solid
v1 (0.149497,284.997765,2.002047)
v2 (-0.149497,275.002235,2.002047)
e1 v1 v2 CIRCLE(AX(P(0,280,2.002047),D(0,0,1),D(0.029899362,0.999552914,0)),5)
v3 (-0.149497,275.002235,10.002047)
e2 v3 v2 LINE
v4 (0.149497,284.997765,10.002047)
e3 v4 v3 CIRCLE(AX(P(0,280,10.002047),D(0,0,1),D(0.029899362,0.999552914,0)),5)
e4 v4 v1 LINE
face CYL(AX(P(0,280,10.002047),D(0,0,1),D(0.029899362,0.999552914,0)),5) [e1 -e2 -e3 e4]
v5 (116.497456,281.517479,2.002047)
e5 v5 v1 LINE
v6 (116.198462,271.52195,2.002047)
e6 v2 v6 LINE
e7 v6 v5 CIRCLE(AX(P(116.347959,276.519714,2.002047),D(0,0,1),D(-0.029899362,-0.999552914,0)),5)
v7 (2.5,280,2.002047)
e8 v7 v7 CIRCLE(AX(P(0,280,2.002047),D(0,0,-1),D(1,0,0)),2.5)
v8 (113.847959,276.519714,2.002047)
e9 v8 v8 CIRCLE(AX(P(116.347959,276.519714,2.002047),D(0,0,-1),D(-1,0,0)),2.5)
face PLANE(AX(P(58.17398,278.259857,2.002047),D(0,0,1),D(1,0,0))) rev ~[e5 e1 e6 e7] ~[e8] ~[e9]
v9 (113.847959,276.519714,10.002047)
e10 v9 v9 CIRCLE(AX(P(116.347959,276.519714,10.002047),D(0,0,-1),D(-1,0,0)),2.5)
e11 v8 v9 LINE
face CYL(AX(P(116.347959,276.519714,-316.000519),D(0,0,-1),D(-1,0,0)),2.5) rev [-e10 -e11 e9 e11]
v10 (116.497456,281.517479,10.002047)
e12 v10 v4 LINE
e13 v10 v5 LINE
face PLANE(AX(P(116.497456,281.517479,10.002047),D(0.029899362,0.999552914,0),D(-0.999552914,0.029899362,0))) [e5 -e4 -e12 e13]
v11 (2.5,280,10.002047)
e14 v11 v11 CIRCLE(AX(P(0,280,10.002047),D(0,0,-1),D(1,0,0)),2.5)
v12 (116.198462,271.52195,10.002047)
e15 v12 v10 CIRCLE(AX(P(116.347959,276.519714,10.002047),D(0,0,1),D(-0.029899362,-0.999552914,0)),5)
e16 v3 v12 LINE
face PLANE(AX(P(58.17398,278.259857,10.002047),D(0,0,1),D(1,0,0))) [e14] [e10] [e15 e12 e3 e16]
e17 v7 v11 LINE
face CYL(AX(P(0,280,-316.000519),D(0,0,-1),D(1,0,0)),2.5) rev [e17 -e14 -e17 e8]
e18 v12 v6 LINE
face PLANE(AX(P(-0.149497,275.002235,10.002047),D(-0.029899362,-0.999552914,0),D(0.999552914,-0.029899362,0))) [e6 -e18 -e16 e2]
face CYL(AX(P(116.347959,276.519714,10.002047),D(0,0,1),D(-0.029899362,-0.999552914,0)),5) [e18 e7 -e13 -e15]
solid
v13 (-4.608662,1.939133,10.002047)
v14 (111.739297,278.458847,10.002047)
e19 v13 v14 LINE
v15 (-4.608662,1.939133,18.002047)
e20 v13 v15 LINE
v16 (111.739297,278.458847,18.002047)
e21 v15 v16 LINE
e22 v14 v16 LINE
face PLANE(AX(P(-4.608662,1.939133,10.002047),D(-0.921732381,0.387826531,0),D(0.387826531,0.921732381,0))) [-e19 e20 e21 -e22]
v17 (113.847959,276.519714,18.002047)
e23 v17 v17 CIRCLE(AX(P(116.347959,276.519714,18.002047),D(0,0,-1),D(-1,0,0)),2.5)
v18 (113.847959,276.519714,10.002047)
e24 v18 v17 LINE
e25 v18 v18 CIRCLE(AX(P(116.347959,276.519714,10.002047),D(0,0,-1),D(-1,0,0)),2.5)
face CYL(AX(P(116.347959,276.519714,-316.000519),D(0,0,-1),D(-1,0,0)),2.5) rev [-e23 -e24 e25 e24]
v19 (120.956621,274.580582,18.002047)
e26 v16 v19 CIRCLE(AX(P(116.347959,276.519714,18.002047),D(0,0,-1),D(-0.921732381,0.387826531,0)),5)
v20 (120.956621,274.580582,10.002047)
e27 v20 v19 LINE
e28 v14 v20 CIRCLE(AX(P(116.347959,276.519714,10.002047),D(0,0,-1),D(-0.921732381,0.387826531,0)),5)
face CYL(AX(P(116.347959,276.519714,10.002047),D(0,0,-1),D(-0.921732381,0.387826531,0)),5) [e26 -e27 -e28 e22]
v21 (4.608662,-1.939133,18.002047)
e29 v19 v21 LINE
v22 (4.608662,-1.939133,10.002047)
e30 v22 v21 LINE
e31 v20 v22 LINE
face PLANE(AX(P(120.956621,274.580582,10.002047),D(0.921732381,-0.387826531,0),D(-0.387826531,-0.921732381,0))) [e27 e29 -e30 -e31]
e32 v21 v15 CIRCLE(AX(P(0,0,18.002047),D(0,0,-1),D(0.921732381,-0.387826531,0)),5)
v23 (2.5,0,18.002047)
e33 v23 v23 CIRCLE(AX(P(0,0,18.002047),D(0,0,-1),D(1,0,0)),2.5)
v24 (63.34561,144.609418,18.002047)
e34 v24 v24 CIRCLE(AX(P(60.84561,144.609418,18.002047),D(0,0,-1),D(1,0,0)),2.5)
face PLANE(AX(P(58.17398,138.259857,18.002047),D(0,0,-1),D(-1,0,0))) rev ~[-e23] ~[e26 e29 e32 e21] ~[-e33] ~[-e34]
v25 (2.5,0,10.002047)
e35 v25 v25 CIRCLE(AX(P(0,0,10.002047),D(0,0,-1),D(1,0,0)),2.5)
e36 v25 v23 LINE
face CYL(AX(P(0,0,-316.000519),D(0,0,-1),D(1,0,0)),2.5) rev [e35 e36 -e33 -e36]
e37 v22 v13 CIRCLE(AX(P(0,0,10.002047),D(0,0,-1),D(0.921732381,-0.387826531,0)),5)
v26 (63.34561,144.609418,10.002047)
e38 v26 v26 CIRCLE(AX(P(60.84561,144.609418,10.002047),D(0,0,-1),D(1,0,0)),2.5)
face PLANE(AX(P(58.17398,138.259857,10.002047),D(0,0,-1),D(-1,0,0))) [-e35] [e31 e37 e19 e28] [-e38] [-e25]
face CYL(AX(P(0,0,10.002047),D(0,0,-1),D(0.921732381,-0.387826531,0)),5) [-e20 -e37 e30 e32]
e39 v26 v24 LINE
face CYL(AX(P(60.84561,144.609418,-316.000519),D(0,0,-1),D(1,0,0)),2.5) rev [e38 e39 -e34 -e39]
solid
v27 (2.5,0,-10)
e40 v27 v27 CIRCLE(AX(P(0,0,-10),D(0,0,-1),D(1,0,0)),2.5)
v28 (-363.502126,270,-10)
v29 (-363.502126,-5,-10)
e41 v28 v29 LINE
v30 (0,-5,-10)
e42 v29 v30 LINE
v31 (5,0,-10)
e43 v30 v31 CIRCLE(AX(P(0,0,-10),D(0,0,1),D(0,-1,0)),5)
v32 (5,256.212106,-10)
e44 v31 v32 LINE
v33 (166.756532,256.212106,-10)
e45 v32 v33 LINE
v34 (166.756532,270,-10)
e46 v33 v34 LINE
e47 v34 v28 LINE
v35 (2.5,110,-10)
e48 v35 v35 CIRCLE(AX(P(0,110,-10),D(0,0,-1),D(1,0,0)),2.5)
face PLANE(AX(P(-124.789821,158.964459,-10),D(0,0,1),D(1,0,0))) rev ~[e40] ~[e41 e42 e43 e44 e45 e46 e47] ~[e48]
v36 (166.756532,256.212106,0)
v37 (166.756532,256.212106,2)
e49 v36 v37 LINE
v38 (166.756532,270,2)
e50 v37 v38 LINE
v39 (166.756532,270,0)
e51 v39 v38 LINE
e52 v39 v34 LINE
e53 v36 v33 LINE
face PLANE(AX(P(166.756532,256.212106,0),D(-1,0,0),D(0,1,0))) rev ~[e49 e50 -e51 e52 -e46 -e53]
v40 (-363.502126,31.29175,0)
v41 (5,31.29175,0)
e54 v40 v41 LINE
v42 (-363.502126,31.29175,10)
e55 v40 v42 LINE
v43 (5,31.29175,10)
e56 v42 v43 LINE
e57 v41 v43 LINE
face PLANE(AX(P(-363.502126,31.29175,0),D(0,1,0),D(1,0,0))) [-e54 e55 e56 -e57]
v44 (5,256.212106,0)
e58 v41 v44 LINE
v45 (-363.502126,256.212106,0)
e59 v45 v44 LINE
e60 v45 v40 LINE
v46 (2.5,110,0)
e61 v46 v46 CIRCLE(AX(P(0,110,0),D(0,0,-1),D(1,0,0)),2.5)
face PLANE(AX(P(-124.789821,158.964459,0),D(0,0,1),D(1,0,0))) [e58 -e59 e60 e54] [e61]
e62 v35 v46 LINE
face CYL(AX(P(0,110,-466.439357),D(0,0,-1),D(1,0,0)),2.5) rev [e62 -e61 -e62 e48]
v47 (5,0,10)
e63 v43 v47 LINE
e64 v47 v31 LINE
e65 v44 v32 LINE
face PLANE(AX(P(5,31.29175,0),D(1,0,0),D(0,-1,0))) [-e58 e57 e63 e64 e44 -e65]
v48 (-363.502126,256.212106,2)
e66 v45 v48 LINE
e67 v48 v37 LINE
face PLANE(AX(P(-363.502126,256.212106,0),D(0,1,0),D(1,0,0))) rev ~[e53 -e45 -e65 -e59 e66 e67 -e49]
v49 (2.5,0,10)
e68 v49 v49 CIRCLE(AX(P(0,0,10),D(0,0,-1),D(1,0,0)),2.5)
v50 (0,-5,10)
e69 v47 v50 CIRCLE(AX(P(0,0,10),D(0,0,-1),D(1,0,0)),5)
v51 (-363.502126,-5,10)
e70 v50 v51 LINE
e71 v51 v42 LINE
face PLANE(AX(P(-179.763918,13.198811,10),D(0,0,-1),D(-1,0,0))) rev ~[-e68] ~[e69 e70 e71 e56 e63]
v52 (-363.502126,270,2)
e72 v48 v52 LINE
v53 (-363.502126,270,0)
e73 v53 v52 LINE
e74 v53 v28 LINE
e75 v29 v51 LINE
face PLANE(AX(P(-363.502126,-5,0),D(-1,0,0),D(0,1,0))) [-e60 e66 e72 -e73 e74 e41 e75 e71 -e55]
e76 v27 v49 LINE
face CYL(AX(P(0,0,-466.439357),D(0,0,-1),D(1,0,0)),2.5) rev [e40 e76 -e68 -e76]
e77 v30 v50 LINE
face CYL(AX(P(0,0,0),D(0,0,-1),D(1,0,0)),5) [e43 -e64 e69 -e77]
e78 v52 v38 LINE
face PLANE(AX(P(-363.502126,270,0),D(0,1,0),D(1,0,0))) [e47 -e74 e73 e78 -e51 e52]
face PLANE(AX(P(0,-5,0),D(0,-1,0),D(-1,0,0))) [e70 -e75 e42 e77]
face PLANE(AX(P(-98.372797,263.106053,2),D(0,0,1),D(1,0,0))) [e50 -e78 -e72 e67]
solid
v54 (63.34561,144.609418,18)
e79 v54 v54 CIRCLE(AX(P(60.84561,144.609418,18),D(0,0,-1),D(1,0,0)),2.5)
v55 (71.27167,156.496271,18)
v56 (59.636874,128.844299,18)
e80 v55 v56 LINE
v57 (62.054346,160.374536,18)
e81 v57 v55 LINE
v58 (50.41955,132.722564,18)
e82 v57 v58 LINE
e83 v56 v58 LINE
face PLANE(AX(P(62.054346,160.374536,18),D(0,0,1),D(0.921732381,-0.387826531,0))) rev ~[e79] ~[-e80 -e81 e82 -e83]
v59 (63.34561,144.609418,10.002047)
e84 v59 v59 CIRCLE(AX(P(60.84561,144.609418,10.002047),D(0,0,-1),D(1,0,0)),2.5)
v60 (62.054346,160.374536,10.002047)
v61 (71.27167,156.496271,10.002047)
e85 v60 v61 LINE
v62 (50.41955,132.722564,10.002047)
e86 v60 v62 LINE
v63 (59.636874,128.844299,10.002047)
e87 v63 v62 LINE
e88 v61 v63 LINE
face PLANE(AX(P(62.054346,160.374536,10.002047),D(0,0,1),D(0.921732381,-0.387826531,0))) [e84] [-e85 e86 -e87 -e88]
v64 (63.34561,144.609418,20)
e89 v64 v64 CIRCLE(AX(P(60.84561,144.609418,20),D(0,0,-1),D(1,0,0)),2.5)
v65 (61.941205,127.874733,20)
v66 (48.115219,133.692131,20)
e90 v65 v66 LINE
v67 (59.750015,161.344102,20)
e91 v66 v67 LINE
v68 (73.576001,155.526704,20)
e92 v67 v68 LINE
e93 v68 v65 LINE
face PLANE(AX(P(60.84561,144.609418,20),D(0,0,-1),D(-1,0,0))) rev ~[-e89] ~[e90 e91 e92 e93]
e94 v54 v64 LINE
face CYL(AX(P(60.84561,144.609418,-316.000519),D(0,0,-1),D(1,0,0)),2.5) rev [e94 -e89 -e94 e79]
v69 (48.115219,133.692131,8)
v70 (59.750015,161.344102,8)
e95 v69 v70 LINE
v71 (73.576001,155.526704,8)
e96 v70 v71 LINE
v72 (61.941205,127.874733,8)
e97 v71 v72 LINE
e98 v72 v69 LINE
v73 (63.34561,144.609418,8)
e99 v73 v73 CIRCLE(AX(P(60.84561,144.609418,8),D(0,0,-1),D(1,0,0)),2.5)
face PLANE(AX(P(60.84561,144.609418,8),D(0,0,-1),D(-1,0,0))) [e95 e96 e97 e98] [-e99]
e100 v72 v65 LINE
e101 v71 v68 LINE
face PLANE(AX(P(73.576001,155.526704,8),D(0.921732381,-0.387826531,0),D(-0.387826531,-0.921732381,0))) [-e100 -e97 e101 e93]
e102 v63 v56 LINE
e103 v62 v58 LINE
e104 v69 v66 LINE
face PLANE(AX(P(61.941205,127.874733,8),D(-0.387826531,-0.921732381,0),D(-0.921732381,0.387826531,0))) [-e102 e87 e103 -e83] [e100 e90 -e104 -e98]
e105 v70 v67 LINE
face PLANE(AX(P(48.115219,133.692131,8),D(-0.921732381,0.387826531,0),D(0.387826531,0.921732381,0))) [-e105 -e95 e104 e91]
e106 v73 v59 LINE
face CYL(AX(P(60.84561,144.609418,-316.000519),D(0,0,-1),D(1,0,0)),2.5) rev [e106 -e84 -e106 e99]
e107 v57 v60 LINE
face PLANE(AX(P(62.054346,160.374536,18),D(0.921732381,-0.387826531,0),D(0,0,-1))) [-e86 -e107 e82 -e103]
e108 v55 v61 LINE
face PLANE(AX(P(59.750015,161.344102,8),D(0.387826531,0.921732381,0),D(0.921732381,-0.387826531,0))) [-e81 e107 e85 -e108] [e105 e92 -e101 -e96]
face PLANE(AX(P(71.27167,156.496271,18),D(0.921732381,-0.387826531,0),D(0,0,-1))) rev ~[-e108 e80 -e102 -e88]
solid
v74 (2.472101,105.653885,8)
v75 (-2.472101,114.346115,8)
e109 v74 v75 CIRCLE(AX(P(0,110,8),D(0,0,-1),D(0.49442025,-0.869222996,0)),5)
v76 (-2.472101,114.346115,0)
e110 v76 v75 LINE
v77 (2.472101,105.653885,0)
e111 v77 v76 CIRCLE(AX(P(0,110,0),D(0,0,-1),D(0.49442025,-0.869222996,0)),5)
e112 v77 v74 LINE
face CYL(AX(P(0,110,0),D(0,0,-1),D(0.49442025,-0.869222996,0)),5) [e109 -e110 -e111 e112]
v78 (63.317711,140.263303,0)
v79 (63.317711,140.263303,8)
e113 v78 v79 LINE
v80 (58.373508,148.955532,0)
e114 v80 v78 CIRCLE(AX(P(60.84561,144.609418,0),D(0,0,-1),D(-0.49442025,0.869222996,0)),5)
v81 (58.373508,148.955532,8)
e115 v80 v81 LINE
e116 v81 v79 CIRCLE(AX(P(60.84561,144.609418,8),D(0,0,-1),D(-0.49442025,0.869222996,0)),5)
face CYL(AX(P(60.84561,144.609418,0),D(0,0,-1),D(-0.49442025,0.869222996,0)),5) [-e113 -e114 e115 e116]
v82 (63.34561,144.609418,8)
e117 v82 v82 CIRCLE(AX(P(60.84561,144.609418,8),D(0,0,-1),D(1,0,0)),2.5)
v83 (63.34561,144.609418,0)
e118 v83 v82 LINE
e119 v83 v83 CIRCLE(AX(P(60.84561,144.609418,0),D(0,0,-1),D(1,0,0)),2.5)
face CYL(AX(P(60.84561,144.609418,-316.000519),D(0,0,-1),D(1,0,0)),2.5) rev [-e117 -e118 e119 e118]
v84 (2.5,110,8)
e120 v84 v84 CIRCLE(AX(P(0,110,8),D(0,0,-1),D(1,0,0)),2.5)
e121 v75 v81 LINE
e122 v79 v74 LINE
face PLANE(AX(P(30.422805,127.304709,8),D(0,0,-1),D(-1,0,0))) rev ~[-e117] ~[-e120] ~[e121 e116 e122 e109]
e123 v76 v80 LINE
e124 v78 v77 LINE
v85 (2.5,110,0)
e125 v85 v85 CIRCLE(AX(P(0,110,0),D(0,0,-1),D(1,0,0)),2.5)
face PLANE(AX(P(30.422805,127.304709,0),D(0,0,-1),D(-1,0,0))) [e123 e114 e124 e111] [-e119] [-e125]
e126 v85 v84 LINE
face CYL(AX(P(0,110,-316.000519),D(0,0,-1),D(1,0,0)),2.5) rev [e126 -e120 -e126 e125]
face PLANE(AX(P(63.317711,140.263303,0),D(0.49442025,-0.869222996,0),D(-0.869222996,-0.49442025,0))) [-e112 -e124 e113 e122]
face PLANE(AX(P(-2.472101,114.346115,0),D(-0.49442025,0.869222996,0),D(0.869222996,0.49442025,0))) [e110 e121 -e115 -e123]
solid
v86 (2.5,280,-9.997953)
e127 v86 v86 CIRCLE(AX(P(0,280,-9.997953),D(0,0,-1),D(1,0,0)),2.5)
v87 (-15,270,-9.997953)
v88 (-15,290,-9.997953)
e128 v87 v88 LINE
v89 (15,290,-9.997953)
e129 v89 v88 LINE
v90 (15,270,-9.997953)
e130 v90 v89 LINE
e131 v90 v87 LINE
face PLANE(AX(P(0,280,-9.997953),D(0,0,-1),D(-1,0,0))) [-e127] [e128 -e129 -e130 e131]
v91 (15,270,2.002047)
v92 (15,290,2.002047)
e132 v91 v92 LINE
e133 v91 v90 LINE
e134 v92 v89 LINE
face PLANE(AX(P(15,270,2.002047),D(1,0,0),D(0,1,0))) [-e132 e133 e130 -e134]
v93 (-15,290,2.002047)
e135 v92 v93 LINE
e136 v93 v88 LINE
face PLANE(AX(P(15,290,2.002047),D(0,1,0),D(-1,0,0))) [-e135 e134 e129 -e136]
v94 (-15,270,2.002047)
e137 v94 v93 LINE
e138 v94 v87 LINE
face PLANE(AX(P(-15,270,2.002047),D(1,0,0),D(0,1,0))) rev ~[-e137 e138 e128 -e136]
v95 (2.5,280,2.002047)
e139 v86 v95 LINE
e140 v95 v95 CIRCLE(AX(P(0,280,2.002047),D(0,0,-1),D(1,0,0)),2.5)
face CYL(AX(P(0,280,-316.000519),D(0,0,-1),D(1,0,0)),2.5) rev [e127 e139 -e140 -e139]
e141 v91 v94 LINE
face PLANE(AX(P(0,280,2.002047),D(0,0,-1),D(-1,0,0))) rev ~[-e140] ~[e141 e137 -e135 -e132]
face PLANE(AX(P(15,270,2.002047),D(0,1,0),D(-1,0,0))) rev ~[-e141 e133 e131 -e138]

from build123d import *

# Parameters (mm, degrees)
BOSS_EXTRUDE2_DEPTH     = 8
BOSS_EXTRUDE5_DEPTH     = 12
SKETCH6_W               = 10
SKETCH6_H               = 7.997952507
CUT_EXTRUDE1_DEPTH      = 35
BOSS_EXTRUDE6_DEPTH     = 8
BOSS_EXTRUDE7_DEPTH     = 8
SKETCH10_W              = 30
SKETCH10_H              = 20
BOSS_EXTRUDE9_DEPTH     = 12
CUT_EXTRUDE5_DEPTH      = 316.00051937
CUT_EXTRUDE5_DEPTH_BACK = 316.00051937
SKETCH16_R              = 2.5
BOSS_EXTRUDE10_DEPTH    = 10
SKETCH14_W              = 530.258658084
SKETCH14_H              = 13.787893997
BOSS_EXTRUDE11_DEPTH    = 2
BOSS_EXTRUDE12_DEPTH    = 10
CUT_EXTRUDE2_DEPTH      = 466.439357436
CUT_EXTRUDE2_DEPTH_BACK = 466.439357436
SKETCH11_R              = 2.5


with BuildPart() as part:
    # Sketch3 → Boss-Extrude2 (new body)
    with BuildSketch(Plane.XY):
        with BuildLine():
            Line((-2.472101251, 114.346114978), (58.373508448, 148.955532489))
            ThreePointArc((58.373508448, 148.955532489), (65.191724677, 147.081518762), (63.317710949, 140.263302532))
            Line((63.317710949, 140.263302532), (2.472101251, 105.653885022))
            ThreePointArc((2.472101251, 105.653885022), (-4.346114978, 107.527898749), (-2.472101251, 114.346114978))
        make_face()
    extrude(amount=BOSS_EXTRUDE2_DEPTH)


with BuildPart() as body_2:
    # Sketch5 → Boss-Extrude5 (new body)
    with BuildSketch(Plane.XY.offset(8)):
        Polygon((59.750014801, 161.344102205), (73.576000516, 155.526704245), (61.941204595, 127.874732816), (48.115218881, 133.692130777), align=None)
    extrude(amount=BOSS_EXTRUDE5_DEPTH)

    # Sketch6 → Cut-Extrude1 (cut)
    with BuildSketch(Plane(origin=(66.663007659, 158.435403225, 0), x_dir=(0.921732380952381, -0.387826530685892, 0), z_dir=(0.387826530685892, 0.921732380952381, 0))):
        with Locations((0, -14.001023746)):
            Rectangle(SKETCH6_W, SKETCH6_H)
    extrude(amount=-CUT_EXTRUDE1_DEPTH, mode=Mode.SUBTRACT)


with BuildPart() as body_3:
    # Sketch8 → Boss-Extrude6 (new body)
    with BuildSketch(Plane.XY.offset(10.002047493)):
        with BuildLine():
            Line((-4.608661905, 1.939132653), (111.739297301, 278.458846939))
            ThreePointArc((111.739297301, 278.458846939), (118.287091859, 281.12837619), (120.956621111, 274.580581632))
            Line((120.956621111, 274.580581632), (4.608661905, -1.939132653))
            ThreePointArc((4.608661905, -1.939132653), (-1.939132653, -4.608661905), (-4.608661905, 1.939132653))
        make_face()
    extrude(amount=BOSS_EXTRUDE6_DEPTH)


with BuildPart() as body_4:
    # Sketch9 → Boss-Extrude7 (new body)
    with BuildSketch(Plane(origin=(0, 0, 10.002047493), x_dir=(-1, 0, 0), z_dir=(0, 0, -1))):
        with BuildLine():
            Line((-116.497456015, 281.517478856), (-0.149496809, 284.997764571))
            ThreePointArc((-0.149496809, 284.997764571), (4.997764571, 280.149496809), (0.149496809, 275.002235429))
            Line((0.149496809, 275.002235429), (-116.198462397, 271.521949715))
            ThreePointArc((-116.198462397, 271.521949715), (-121.345723776, 276.370217477), (-116.497456015, 281.517478856))
        make_face()
    extrude(amount=BOSS_EXTRUDE7_DEPTH)


with BuildPart() as body_5:
    # Sketch10 → Boss-Extrude9 (new body)
    with BuildSketch(Plane(origin=(0, 0, 2.002047493), x_dir=(-1, 0, 0), z_dir=(0, 0, -1))):
        with Locations((0, 280)):
            Rectangle(SKETCH10_W, SKETCH10_H)
    extrude(amount=BOSS_EXTRUDE9_DEPTH)


with BuildPart() as cut_extrude5_tool:
    # Sketch16 → Cut-Extrude5 (new, two sides: drawn at the far end of the back side and taken through both)
    with BuildSketch(Plane.XY.offset(-CUT_EXTRUDE5_DEPTH_BACK)):
        with Locations((0, 280)):
            Circle(SKETCH16_R)
        with Locations(Location((116.347959206, 276.519714286, 0), (0, 0, 180))):
            Circle(SKETCH16_R)
        with Locations((0, 110)):
            Circle(SKETCH16_R)
        Circle(SKETCH16_R)
        with Locations((60.845609698, 144.609417511)):
            Circle(SKETCH16_R)
    extrude(amount=CUT_EXTRUDE5_DEPTH + CUT_EXTRUDE5_DEPTH_BACK)


with BuildPart() as part_1:
    add(part.part)

    # Cut-Extrude5: cut by cut_extrude5_tool
    add(cut_extrude5_tool.part, mode=Mode.SUBTRACT)


with BuildPart() as body_2_1:
    add(body_2.part)

    # Cut-Extrude5: cut by cut_extrude5_tool
    add(cut_extrude5_tool.part, mode=Mode.SUBTRACT)


with BuildPart() as body_3_1:
    add(body_3.part)

    # Cut-Extrude5: cut by cut_extrude5_tool
    add(cut_extrude5_tool.part, mode=Mode.SUBTRACT)


with BuildPart() as body_4_1:
    add(body_4.part)

    # Cut-Extrude5: cut by cut_extrude5_tool
    add(cut_extrude5_tool.part, mode=Mode.SUBTRACT)


with BuildPart() as body_5_1:
    add(body_5.part)

    # Cut-Extrude5: cut by cut_extrude5_tool
    add(cut_extrude5_tool.part, mode=Mode.SUBTRACT)


with BuildPart() as body_6:
    # Sketch12 → Boss-Extrude10 (new body)
    with BuildSketch(Plane.XY):
        with BuildLine():
            Line((166.756532299, 270), (-363.502125785, 270))
            Line((-363.502125785, 270), (-363.502125785, -5))
            Line((-363.502125785, -5), (0, -5))
            ThreePointArc((0, -5), (3.535533906, -3.535533906), (5, 0))
            Line((5, 0), (5, 256.212106003))
            Line((5, 256.212106003), (166.756532299, 256.212106003))
            Line((166.756532299, 256.212106003), (166.756532299, 270))
        make_face()
    extrude(amount=-BOSS_EXTRUDE10_DEPTH)

    # Sketch14 → Boss-Extrude11 (add)
    with BuildSketch(Plane.XY):
        with Locations((-98.372796743, 263.106053002)):
            Rectangle(SKETCH14_W, SKETCH14_H)
    extrude(amount=BOSS_EXTRUDE11_DEPTH)

    # Sketch15 → Boss-Extrude12 (add)
    with BuildSketch(Plane.XY):
        with BuildLine():
            Line((-363.502125785, 31.29174962), (5, 31.29174962))
            Line((5, 31.29174962), (5, 0))
            ThreePointArc((5, 0), (3.535533906, -3.535533906), (0, -5))
            Line((0, -5), (-363.502125785, -5))
            Line((-363.502125785, -5), (-363.502125785, 31.29174962))
        make_face()
    extrude(amount=BOSS_EXTRUDE12_DEPTH)

    # Sketch11 → Cut-Extrude2 (cut, two sides: drawn at the far end of the back side and taken through both)
    with BuildSketch(Plane.XY.offset(-CUT_EXTRUDE2_DEPTH_BACK)):
        with Locations((0, 280)):
            Circle(SKETCH11_R)
        with Locations(Location((116.347959206, 276.519714286, 0), (0, 0, 180))):
            Circle(SKETCH11_R)
        with Locations((60.845609698, 144.609417511)):
            Circle(SKETCH11_R)
        with Locations((0, 110)):
            Circle(SKETCH11_R)
        Circle(SKETCH11_R)
    extrude(amount=CUT_EXTRUDE2_DEPTH + CUT_EXTRUDE2_DEPTH_BACK, mode=Mode.SUBTRACT)


solid = Compound([part_1.part, body_2_1.part, body_3_1.part, body_4_1.part, body_5_1.part, body_6.part])
